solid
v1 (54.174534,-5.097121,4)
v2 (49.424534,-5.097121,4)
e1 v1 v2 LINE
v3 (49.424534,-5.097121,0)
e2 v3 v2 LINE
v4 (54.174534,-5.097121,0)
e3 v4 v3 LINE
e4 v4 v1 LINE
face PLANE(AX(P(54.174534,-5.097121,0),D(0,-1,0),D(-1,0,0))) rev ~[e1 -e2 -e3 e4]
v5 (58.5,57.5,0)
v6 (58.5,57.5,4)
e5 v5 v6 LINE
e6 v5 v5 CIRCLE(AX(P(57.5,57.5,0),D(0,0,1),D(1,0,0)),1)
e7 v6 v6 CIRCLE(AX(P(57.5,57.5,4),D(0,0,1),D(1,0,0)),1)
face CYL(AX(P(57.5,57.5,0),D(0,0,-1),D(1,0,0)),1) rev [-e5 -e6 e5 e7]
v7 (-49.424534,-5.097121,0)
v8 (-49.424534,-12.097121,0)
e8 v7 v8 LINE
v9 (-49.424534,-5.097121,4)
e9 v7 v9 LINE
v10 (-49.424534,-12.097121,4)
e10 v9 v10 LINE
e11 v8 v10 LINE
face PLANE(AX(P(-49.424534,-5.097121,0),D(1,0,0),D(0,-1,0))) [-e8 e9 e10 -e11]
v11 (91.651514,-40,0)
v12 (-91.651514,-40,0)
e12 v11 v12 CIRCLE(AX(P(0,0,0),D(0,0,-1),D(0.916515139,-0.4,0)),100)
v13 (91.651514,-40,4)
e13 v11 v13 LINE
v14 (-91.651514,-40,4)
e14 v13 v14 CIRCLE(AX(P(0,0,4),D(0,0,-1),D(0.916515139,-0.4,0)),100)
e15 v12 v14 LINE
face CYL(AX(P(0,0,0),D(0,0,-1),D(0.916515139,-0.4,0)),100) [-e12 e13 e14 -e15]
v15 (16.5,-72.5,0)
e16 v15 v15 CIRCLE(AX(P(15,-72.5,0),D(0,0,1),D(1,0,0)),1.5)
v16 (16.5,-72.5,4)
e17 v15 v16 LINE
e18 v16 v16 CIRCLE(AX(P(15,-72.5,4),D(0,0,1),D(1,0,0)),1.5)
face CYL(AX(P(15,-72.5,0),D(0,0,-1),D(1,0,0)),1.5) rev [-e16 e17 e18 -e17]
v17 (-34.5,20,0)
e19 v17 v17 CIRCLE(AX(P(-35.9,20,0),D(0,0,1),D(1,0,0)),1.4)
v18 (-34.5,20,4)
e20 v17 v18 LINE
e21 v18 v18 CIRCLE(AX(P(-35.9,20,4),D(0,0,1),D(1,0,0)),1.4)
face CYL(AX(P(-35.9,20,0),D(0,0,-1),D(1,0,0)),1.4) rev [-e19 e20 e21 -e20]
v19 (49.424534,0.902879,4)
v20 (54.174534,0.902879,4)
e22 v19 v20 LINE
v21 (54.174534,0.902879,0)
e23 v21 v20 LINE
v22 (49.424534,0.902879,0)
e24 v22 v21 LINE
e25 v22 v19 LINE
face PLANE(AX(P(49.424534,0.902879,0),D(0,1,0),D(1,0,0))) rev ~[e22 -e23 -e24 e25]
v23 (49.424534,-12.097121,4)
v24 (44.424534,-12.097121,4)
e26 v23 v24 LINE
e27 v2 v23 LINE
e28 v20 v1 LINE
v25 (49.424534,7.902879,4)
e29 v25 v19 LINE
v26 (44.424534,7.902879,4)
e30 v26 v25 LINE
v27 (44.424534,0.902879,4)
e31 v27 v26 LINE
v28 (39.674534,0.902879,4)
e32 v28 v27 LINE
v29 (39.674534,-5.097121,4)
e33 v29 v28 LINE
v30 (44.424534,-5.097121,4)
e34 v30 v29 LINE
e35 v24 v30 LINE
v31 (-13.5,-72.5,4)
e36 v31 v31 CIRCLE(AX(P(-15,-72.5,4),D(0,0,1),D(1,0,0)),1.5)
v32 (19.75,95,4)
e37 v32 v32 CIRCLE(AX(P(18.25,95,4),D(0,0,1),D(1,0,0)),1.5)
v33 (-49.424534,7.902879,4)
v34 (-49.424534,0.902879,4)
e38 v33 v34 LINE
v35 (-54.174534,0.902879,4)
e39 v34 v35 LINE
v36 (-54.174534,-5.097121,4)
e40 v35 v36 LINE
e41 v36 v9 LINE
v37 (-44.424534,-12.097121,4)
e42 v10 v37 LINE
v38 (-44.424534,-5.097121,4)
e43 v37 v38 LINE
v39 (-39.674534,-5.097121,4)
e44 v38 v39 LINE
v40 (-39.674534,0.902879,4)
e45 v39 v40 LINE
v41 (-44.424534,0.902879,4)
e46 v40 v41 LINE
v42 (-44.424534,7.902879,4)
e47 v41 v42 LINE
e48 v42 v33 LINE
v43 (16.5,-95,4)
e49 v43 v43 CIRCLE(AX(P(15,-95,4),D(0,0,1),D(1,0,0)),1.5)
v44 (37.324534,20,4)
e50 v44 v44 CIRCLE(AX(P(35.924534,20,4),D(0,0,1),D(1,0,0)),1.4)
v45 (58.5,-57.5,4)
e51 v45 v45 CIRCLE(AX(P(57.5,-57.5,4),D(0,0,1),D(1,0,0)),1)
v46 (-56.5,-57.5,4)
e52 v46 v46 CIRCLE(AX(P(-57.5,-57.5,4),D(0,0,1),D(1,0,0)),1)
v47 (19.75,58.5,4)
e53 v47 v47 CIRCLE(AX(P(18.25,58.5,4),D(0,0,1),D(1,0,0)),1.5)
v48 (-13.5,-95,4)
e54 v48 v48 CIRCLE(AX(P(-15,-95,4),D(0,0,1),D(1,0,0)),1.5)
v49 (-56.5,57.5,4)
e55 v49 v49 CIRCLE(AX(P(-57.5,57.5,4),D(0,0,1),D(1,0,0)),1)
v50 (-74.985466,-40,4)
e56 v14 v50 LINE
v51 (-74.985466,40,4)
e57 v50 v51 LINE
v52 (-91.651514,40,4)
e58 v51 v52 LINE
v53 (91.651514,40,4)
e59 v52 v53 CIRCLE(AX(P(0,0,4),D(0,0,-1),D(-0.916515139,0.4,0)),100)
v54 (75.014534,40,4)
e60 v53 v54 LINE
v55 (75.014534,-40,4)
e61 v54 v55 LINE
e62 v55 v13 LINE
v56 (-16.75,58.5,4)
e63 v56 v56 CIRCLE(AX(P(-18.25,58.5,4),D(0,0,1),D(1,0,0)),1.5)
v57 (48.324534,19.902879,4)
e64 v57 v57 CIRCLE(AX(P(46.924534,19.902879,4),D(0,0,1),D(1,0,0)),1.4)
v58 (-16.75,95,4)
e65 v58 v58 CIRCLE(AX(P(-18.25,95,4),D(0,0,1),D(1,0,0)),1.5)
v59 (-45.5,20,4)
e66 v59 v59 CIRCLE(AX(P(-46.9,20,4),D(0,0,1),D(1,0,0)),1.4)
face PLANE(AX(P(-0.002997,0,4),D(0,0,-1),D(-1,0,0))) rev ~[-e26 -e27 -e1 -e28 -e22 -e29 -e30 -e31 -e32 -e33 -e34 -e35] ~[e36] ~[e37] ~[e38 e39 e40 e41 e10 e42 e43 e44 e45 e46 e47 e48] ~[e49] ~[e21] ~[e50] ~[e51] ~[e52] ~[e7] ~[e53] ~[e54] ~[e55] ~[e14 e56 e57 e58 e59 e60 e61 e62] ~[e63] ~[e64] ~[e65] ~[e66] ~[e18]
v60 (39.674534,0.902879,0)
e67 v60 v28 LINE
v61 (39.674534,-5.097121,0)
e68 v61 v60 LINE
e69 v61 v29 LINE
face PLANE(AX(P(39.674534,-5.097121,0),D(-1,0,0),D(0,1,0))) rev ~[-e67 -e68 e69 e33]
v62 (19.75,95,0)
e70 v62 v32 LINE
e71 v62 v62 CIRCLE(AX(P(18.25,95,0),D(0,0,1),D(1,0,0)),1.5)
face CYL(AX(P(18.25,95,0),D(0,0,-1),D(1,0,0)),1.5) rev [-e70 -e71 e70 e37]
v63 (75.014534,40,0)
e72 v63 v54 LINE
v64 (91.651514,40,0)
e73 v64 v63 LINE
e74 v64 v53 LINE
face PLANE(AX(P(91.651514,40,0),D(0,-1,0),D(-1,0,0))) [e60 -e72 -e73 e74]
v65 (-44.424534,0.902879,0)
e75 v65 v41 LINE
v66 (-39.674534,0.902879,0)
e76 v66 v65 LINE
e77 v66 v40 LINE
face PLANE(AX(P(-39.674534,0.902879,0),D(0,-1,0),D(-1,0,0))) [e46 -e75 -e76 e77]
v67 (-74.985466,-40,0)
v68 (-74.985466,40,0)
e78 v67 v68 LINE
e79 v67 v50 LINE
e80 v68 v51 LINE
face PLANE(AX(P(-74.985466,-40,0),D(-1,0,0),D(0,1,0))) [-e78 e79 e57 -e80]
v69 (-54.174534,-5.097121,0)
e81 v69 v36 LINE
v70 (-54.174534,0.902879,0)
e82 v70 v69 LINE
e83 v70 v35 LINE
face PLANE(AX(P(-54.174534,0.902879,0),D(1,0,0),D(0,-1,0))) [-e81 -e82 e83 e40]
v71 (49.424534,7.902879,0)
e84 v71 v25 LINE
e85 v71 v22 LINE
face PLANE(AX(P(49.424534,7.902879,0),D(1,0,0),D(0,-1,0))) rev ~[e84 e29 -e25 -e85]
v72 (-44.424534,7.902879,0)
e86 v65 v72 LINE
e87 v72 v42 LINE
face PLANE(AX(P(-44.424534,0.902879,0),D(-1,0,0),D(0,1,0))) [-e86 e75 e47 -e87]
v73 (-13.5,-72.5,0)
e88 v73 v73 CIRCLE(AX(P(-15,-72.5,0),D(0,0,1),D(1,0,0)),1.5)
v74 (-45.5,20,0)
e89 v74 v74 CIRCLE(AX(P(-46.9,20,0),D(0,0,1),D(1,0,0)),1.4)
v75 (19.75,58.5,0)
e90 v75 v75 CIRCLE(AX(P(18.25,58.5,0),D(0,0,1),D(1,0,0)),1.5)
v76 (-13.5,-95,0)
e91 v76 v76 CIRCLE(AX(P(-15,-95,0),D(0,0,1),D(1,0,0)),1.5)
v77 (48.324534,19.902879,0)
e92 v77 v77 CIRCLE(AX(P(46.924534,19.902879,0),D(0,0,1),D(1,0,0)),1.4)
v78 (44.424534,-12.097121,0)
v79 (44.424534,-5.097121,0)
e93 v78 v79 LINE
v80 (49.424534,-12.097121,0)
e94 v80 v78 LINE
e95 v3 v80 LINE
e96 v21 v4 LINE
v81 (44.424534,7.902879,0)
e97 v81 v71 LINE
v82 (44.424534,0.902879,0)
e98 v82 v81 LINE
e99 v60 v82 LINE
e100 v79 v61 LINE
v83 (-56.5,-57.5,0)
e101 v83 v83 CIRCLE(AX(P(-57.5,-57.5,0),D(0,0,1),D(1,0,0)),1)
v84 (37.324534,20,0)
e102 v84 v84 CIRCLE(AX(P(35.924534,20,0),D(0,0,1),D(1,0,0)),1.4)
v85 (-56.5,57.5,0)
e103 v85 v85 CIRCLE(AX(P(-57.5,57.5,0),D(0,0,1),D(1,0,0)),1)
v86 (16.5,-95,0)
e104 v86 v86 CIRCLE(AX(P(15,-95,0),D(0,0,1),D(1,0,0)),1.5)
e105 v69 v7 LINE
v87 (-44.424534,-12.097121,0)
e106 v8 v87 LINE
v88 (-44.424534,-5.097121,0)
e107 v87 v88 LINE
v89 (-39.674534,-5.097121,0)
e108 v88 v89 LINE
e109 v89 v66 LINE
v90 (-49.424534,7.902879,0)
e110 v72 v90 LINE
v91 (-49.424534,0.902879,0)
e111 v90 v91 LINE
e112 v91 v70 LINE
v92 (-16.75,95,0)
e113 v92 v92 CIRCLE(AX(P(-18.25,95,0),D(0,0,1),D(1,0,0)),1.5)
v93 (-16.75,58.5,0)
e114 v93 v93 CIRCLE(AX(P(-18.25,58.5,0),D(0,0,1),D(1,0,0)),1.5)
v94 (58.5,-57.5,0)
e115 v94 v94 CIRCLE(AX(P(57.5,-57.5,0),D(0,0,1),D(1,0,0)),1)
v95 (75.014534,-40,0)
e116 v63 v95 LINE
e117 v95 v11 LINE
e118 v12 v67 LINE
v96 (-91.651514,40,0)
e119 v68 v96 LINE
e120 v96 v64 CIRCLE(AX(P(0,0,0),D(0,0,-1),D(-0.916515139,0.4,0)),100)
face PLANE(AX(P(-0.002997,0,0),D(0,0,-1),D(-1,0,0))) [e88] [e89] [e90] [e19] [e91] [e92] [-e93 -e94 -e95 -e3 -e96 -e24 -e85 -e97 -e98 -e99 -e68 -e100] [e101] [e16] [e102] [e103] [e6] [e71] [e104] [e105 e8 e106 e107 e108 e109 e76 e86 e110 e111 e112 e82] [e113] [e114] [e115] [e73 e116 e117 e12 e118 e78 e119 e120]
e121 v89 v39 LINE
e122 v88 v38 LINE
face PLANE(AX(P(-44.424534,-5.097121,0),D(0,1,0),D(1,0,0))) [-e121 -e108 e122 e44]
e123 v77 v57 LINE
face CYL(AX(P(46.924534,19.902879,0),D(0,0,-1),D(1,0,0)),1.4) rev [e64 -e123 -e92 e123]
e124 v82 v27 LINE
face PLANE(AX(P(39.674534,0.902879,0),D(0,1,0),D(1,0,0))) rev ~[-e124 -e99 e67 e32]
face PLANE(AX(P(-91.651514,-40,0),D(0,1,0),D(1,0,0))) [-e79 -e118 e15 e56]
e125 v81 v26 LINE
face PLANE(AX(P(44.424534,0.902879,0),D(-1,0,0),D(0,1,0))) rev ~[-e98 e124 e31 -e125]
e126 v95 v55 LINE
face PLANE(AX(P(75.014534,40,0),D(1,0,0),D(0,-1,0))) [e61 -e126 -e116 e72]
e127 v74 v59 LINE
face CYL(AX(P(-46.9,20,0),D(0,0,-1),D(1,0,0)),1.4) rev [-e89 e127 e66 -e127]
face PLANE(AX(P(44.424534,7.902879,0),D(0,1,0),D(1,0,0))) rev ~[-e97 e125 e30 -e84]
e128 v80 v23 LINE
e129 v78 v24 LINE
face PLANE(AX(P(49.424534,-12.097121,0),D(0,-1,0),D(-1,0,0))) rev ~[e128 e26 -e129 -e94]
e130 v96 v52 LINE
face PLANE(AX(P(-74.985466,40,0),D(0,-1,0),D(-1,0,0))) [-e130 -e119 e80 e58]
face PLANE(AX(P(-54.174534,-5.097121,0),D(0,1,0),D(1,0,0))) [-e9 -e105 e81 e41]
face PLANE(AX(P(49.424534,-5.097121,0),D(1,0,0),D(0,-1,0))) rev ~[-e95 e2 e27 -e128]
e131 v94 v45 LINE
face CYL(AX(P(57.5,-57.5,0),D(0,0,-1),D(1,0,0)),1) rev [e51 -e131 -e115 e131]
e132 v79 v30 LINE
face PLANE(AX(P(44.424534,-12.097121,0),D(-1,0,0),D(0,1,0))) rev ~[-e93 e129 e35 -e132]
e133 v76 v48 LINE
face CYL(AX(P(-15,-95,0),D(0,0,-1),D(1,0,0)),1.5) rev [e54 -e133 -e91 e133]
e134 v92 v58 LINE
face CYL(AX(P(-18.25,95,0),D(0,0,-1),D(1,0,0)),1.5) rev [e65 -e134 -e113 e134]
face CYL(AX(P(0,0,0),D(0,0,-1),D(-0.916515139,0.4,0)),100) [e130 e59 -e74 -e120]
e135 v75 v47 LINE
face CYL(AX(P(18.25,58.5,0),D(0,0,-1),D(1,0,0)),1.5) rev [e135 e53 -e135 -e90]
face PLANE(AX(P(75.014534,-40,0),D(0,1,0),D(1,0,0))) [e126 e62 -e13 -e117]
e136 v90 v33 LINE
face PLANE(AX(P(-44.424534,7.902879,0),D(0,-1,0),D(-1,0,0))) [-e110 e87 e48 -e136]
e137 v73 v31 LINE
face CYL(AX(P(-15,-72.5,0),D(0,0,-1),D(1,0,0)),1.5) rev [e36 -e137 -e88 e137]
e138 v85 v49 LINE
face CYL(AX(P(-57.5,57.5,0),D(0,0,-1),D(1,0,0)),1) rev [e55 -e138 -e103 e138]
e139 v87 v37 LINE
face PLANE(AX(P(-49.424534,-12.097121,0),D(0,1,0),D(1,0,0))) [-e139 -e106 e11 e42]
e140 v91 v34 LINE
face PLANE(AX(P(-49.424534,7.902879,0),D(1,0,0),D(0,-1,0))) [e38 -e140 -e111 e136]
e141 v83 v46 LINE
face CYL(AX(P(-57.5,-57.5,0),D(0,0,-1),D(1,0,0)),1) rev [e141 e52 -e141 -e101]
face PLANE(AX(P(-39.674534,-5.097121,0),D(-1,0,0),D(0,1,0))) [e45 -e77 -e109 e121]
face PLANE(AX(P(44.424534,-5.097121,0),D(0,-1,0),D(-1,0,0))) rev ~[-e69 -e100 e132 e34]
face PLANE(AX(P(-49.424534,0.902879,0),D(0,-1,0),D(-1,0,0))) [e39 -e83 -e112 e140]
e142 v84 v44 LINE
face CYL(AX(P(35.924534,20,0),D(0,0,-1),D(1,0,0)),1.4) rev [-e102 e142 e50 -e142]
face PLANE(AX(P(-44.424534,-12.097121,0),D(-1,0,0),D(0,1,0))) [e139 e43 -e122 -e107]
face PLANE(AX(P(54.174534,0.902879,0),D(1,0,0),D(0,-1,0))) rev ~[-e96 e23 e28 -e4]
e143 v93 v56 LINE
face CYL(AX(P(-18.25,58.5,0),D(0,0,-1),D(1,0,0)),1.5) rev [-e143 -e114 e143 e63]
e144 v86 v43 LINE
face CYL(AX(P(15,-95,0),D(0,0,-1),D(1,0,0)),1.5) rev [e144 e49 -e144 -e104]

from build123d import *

# Parameters (mm, degrees)
ESBO_O1_R                = 1
ESBO_O1_R_2              = 1.4
ESBO_O1_R_3              = 1.5
RESSALTO_EXTRUS_O2_DEPTH = 4


with BuildPart() as part:
    # Esboço1 → Ressalto-extrusão2 (new body)
    with BuildSketch(Plane.XY):
        with BuildLine():
            Line((75.01453416, -40), (91.651513899, -40))
            ThreePointArc((91.651513899, -40), (0, -100), (-91.651513899, -40))
            Line((-91.651513899, -40), (-74.98546584, -40))
            Line((-74.98546584, -40), (-74.98546584, 40))
            Line((-74.98546584, 40), (-91.651513899, 40))
            ThreePointArc((-91.651513899, 40), (0, 100), (91.651513899, 40))
            Line((91.651513899, 40), (75.01453416, 40))
            Line((75.01453416, 40), (75.01453416, -40))
        make_face()
        with Locations((-57.5, 57.5)):
            Circle(ESBO_O1_R, mode=Mode.SUBTRACT)
        with Locations((57.5, 57.5)):
            Circle(ESBO_O1_R, mode=Mode.SUBTRACT)
        with Locations((57.5, -57.5)):
            Circle(ESBO_O1_R, mode=Mode.SUBTRACT)
        with Locations((-57.5, -57.5)):
            Circle(ESBO_O1_R, mode=Mode.SUBTRACT)
        with Locations((-46.9, 20)):
            Circle(ESBO_O1_R_2, mode=Mode.SUBTRACT)
        with Locations((46.92453416, 19.902879261)):
            Circle(ESBO_O1_R_2, mode=Mode.SUBTRACT)
        with Locations((-18.25, 95)):
            Circle(ESBO_O1_R_3, mode=Mode.SUBTRACT)
        with Locations((18.25, 95)):
            Circle(ESBO_O1_R_3, mode=Mode.SUBTRACT)
        with Locations((18.25, 58.5)):
            Circle(ESBO_O1_R_3, mode=Mode.SUBTRACT)
        with Locations((-18.25, 58.5)):
            Circle(ESBO_O1_R_3, mode=Mode.SUBTRACT)
        with Locations((-15, -95)):
            Circle(ESBO_O1_R_3, mode=Mode.SUBTRACT)
        with Locations((15, -95)):
            Circle(ESBO_O1_R_3, mode=Mode.SUBTRACT)
        with Locations((15, -72.5)):
            Circle(ESBO_O1_R_3, mode=Mode.SUBTRACT)
        with Locations((-15, -72.5)):
            Circle(ESBO_O1_R_3, mode=Mode.SUBTRACT)
        with Locations((-35.9, 20)):
            Circle(ESBO_O1_R_2, mode=Mode.SUBTRACT)
        with Locations((35.92453416, 20)):
            Circle(ESBO_O1_R_2, mode=Mode.SUBTRACT)
        Polygon((49.42453416, -5.097120739), (49.42453416, -12.097120739), (44.42453416, -12.097120739), (44.42453416, -5.097120739), (39.67453416, -5.097120739), (39.67453416, 0.902879261), (44.42453416, 0.902879261), (44.42453416, 7.902879261), (49.42453416, 7.902879261), (49.42453416, 0.902879261), (54.17453416, 0.902879261), (54.17453416, -5.097120739), align=None, mode=Mode.SUBTRACT)
        Polygon((-54.17453416, 0.902879261), (-54.17453416, -5.097120739), (-49.42453416, -5.097120739), (-49.42453416, -12.097120739), (-44.42453416, -12.097120739), (-44.42453416, -5.097120739), (-39.67453416, -5.097120739), (-39.67453416, 0.902879261), (-44.42453416, 0.902879261), (-44.42453416, 7.902879261), (-49.42453416, 7.902879261), (-49.42453416, 0.902879261), align=None, mode=Mode.SUBTRACT)
    extrude(amount=RESSALTO_EXTRUS_O2_DEPTH)


solid = part.part
